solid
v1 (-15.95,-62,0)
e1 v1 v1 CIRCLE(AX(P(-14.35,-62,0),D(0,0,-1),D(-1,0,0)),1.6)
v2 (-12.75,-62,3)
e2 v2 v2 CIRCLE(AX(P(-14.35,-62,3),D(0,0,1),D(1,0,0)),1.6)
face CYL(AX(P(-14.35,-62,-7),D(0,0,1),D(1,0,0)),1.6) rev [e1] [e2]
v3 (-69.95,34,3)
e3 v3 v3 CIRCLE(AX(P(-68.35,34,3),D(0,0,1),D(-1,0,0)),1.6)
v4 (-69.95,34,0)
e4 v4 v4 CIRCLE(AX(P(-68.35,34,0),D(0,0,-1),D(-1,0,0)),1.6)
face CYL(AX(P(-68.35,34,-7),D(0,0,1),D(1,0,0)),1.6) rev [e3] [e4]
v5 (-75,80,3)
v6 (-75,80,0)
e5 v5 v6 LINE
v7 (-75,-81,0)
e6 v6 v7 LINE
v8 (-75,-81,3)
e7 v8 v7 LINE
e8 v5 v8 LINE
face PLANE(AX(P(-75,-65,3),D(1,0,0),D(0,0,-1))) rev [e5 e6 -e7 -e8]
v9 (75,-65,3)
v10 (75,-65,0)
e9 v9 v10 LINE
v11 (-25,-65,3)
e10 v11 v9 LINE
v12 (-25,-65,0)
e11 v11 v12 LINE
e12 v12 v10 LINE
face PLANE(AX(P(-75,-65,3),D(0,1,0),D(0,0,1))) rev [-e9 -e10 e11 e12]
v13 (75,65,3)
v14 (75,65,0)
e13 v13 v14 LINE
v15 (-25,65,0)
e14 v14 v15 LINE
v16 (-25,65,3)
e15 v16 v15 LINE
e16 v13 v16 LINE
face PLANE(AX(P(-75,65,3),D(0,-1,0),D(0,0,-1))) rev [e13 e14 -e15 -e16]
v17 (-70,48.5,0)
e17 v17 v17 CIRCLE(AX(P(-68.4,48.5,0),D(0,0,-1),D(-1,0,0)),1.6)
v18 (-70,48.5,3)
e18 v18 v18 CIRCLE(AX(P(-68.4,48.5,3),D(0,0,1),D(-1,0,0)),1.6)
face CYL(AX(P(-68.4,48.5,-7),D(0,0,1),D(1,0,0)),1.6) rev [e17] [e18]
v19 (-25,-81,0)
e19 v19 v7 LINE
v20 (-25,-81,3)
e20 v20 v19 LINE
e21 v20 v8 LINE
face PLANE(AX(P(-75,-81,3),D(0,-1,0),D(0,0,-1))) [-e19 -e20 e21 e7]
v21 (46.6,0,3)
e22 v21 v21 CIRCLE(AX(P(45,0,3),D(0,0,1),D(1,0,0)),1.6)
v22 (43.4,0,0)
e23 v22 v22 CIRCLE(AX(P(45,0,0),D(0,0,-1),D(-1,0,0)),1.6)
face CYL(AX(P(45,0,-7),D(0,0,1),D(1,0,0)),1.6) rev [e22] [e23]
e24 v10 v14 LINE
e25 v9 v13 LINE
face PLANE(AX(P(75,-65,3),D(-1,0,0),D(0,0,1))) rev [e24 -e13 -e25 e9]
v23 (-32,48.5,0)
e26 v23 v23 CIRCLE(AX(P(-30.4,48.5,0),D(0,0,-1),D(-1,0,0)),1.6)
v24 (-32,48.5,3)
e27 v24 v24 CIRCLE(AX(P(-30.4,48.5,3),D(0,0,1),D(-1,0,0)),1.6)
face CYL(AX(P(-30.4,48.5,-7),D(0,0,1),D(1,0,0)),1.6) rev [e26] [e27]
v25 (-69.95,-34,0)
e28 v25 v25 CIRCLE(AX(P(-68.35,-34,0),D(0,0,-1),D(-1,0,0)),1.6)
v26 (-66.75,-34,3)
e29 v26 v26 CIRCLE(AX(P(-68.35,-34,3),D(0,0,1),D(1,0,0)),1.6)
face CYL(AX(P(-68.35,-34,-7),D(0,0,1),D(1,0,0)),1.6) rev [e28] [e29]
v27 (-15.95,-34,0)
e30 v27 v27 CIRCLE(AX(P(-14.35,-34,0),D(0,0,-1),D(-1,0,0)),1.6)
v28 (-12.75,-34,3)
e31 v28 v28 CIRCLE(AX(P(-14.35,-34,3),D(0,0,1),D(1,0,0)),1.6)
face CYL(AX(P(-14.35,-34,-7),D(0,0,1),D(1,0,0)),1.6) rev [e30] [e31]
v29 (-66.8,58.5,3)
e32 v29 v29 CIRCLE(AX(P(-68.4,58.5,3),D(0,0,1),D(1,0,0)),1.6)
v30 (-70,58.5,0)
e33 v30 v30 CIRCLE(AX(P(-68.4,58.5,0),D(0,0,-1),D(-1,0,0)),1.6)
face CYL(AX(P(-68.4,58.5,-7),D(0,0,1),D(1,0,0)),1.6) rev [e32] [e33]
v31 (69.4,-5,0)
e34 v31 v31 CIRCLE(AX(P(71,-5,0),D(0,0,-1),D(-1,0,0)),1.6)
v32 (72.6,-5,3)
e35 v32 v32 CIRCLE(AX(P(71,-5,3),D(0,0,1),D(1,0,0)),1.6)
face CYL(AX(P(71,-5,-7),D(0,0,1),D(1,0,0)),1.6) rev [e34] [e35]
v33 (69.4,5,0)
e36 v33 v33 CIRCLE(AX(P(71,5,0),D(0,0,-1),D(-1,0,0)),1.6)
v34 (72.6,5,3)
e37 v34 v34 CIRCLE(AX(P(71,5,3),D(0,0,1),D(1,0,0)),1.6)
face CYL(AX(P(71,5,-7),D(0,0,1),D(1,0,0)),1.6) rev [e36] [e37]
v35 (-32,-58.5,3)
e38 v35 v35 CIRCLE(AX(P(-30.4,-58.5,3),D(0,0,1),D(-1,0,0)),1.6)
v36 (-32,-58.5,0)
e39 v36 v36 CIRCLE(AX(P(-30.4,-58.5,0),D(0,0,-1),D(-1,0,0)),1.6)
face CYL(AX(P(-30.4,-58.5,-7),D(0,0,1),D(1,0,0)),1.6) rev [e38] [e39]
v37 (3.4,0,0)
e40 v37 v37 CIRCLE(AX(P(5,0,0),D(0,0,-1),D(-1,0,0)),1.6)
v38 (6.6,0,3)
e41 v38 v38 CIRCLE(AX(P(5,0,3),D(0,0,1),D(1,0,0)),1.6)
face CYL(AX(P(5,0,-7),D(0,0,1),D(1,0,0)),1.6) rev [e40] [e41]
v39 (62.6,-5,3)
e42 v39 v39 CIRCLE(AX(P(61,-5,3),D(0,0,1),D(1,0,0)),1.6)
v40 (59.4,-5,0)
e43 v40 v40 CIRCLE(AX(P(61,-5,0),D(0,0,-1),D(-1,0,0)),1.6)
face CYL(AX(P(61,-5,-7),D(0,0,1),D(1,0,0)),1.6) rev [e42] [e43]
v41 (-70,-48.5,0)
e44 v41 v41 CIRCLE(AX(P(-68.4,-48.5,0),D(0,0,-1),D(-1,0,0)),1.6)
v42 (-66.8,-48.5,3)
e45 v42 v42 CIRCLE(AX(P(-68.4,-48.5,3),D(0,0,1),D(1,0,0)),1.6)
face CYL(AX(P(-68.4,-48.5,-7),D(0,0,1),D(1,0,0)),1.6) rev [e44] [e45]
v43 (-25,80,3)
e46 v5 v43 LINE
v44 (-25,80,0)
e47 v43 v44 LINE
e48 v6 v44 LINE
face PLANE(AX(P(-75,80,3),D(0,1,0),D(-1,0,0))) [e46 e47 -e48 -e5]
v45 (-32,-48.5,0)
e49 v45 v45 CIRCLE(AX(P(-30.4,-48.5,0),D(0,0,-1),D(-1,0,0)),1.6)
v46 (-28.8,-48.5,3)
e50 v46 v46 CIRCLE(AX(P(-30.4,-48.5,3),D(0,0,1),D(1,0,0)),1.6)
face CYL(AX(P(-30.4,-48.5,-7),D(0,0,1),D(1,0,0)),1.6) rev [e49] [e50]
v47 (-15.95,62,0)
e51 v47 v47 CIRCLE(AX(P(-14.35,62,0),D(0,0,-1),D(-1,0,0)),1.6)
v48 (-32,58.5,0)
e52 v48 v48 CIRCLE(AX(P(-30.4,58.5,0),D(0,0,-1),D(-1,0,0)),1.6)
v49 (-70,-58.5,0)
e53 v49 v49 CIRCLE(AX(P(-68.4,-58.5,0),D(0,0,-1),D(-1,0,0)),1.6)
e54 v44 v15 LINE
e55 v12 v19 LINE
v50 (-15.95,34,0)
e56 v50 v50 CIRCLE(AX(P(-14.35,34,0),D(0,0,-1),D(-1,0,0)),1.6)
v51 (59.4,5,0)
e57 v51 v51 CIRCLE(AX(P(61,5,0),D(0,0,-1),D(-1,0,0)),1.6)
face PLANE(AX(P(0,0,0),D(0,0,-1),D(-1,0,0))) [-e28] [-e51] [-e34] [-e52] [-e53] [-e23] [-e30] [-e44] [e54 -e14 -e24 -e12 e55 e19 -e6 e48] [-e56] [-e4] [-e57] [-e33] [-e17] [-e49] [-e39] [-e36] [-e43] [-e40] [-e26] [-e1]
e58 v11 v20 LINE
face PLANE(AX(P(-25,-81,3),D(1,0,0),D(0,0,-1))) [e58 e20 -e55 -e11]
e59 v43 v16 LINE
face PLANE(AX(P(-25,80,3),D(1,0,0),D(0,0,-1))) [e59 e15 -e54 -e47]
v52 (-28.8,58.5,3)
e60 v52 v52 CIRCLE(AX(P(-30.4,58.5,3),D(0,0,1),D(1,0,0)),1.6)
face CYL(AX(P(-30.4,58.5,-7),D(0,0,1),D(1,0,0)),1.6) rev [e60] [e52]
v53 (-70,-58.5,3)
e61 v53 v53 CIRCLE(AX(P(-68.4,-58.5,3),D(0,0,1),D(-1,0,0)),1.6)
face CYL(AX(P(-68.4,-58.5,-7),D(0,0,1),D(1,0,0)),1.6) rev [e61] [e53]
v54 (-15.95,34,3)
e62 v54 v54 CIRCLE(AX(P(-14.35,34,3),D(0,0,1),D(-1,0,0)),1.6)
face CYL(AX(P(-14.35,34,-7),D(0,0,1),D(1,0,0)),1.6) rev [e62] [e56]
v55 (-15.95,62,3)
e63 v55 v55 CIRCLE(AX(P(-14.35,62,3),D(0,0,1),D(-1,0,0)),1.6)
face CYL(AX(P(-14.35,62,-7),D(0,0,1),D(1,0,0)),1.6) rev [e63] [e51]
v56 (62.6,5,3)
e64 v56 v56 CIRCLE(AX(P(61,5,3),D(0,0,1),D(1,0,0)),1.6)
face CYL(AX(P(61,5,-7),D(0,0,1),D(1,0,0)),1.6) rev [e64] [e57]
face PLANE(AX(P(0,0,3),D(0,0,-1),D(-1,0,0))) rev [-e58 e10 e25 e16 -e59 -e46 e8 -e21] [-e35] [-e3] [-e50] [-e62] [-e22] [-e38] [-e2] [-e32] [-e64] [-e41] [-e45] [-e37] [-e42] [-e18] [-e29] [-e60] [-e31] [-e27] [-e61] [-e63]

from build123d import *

# Parameters (mm, degrees)
SKETCH1_W           = 150
SKETCH1_H           = 130
BOSS_EXTRUDE1_DEPTH = 3
SKETCH3_W           = 50
SKETCH3_H           = 15
SKETCH3_H_2         = 16
BOSS_EXTRUDE2_DEPTH = 3
SKETCH2_R           = 1.6
CUT_EXTRUDE1_DEPTH  = 10


with BuildPart() as part:
    # Sketch1 → Boss-Extrude1 (new body)
    with BuildSketch(Plane.XY):
        Rectangle(SKETCH1_W, SKETCH1_H)
    extrude(amount=BOSS_EXTRUDE1_DEPTH)

    # Sketch3 → Boss-Extrude2 (add)
    with BuildSketch(Plane(origin=(0, 0, 0), x_dir=(-1, 0, 0), z_dir=(0, 0, -1))):
        with Locations((50, 72.5)):
            Rectangle(SKETCH3_W, SKETCH3_H)
        with Locations((50, -73)):
            Rectangle(SKETCH3_W, SKETCH3_H_2)
    extrude(amount=-BOSS_EXTRUDE2_DEPTH)

    # Sketch2 → Cut-Extrude1 (cut)
    with BuildSketch(Plane.XY.offset(3)):
        with Locations((-30.4, 58.5)):
            Circle(SKETCH2_R)
        with Locations((-68.4, 58.5)):
            Circle(SKETCH2_R)
        with Locations((-68.4, 48.5)):
            Circle(SKETCH2_R)
        with Locations((-30.4, 48.5)):
            Circle(SKETCH2_R)
        with Locations((-68.4, -48.5)):
            Circle(SKETCH2_R)
        with Locations((-68.4, -58.5)):
            Circle(SKETCH2_R)
        with Locations((-30.4, -58.5)):
            Circle(SKETCH2_R)
        with Locations((-30.4, -48.5)):
            Circle(SKETCH2_R)
        with Locations((71, -5)):
            Circle(SKETCH2_R)
        with Locations((71, 5)):
            Circle(SKETCH2_R)
        with Locations((61, -5)):
            Circle(SKETCH2_R)
        with Locations((61, 5)):
            Circle(SKETCH2_R)
        with Locations((-68.35, -34)):
            Circle(SKETCH2_R)
        with Locations((-14.35, -34)):
            Circle(SKETCH2_R)
        with Locations((-14.35, -62)):
            Circle(SKETCH2_R)
        with Locations((-14.35, 62)):
            Circle(SKETCH2_R)
        with Locations((-14.35, 34)):
            Circle(SKETCH2_R)
        with Locations((-68.35, 34)):
            Circle(SKETCH2_R)
        with Locations((45, 0)):
            Circle(SKETCH2_R)
        with Locations((5, 0)):
            Circle(SKETCH2_R)
    extrude(amount=-CUT_EXTRUDE1_DEPTH, mode=Mode.SUBTRACT)


solid = part.part
